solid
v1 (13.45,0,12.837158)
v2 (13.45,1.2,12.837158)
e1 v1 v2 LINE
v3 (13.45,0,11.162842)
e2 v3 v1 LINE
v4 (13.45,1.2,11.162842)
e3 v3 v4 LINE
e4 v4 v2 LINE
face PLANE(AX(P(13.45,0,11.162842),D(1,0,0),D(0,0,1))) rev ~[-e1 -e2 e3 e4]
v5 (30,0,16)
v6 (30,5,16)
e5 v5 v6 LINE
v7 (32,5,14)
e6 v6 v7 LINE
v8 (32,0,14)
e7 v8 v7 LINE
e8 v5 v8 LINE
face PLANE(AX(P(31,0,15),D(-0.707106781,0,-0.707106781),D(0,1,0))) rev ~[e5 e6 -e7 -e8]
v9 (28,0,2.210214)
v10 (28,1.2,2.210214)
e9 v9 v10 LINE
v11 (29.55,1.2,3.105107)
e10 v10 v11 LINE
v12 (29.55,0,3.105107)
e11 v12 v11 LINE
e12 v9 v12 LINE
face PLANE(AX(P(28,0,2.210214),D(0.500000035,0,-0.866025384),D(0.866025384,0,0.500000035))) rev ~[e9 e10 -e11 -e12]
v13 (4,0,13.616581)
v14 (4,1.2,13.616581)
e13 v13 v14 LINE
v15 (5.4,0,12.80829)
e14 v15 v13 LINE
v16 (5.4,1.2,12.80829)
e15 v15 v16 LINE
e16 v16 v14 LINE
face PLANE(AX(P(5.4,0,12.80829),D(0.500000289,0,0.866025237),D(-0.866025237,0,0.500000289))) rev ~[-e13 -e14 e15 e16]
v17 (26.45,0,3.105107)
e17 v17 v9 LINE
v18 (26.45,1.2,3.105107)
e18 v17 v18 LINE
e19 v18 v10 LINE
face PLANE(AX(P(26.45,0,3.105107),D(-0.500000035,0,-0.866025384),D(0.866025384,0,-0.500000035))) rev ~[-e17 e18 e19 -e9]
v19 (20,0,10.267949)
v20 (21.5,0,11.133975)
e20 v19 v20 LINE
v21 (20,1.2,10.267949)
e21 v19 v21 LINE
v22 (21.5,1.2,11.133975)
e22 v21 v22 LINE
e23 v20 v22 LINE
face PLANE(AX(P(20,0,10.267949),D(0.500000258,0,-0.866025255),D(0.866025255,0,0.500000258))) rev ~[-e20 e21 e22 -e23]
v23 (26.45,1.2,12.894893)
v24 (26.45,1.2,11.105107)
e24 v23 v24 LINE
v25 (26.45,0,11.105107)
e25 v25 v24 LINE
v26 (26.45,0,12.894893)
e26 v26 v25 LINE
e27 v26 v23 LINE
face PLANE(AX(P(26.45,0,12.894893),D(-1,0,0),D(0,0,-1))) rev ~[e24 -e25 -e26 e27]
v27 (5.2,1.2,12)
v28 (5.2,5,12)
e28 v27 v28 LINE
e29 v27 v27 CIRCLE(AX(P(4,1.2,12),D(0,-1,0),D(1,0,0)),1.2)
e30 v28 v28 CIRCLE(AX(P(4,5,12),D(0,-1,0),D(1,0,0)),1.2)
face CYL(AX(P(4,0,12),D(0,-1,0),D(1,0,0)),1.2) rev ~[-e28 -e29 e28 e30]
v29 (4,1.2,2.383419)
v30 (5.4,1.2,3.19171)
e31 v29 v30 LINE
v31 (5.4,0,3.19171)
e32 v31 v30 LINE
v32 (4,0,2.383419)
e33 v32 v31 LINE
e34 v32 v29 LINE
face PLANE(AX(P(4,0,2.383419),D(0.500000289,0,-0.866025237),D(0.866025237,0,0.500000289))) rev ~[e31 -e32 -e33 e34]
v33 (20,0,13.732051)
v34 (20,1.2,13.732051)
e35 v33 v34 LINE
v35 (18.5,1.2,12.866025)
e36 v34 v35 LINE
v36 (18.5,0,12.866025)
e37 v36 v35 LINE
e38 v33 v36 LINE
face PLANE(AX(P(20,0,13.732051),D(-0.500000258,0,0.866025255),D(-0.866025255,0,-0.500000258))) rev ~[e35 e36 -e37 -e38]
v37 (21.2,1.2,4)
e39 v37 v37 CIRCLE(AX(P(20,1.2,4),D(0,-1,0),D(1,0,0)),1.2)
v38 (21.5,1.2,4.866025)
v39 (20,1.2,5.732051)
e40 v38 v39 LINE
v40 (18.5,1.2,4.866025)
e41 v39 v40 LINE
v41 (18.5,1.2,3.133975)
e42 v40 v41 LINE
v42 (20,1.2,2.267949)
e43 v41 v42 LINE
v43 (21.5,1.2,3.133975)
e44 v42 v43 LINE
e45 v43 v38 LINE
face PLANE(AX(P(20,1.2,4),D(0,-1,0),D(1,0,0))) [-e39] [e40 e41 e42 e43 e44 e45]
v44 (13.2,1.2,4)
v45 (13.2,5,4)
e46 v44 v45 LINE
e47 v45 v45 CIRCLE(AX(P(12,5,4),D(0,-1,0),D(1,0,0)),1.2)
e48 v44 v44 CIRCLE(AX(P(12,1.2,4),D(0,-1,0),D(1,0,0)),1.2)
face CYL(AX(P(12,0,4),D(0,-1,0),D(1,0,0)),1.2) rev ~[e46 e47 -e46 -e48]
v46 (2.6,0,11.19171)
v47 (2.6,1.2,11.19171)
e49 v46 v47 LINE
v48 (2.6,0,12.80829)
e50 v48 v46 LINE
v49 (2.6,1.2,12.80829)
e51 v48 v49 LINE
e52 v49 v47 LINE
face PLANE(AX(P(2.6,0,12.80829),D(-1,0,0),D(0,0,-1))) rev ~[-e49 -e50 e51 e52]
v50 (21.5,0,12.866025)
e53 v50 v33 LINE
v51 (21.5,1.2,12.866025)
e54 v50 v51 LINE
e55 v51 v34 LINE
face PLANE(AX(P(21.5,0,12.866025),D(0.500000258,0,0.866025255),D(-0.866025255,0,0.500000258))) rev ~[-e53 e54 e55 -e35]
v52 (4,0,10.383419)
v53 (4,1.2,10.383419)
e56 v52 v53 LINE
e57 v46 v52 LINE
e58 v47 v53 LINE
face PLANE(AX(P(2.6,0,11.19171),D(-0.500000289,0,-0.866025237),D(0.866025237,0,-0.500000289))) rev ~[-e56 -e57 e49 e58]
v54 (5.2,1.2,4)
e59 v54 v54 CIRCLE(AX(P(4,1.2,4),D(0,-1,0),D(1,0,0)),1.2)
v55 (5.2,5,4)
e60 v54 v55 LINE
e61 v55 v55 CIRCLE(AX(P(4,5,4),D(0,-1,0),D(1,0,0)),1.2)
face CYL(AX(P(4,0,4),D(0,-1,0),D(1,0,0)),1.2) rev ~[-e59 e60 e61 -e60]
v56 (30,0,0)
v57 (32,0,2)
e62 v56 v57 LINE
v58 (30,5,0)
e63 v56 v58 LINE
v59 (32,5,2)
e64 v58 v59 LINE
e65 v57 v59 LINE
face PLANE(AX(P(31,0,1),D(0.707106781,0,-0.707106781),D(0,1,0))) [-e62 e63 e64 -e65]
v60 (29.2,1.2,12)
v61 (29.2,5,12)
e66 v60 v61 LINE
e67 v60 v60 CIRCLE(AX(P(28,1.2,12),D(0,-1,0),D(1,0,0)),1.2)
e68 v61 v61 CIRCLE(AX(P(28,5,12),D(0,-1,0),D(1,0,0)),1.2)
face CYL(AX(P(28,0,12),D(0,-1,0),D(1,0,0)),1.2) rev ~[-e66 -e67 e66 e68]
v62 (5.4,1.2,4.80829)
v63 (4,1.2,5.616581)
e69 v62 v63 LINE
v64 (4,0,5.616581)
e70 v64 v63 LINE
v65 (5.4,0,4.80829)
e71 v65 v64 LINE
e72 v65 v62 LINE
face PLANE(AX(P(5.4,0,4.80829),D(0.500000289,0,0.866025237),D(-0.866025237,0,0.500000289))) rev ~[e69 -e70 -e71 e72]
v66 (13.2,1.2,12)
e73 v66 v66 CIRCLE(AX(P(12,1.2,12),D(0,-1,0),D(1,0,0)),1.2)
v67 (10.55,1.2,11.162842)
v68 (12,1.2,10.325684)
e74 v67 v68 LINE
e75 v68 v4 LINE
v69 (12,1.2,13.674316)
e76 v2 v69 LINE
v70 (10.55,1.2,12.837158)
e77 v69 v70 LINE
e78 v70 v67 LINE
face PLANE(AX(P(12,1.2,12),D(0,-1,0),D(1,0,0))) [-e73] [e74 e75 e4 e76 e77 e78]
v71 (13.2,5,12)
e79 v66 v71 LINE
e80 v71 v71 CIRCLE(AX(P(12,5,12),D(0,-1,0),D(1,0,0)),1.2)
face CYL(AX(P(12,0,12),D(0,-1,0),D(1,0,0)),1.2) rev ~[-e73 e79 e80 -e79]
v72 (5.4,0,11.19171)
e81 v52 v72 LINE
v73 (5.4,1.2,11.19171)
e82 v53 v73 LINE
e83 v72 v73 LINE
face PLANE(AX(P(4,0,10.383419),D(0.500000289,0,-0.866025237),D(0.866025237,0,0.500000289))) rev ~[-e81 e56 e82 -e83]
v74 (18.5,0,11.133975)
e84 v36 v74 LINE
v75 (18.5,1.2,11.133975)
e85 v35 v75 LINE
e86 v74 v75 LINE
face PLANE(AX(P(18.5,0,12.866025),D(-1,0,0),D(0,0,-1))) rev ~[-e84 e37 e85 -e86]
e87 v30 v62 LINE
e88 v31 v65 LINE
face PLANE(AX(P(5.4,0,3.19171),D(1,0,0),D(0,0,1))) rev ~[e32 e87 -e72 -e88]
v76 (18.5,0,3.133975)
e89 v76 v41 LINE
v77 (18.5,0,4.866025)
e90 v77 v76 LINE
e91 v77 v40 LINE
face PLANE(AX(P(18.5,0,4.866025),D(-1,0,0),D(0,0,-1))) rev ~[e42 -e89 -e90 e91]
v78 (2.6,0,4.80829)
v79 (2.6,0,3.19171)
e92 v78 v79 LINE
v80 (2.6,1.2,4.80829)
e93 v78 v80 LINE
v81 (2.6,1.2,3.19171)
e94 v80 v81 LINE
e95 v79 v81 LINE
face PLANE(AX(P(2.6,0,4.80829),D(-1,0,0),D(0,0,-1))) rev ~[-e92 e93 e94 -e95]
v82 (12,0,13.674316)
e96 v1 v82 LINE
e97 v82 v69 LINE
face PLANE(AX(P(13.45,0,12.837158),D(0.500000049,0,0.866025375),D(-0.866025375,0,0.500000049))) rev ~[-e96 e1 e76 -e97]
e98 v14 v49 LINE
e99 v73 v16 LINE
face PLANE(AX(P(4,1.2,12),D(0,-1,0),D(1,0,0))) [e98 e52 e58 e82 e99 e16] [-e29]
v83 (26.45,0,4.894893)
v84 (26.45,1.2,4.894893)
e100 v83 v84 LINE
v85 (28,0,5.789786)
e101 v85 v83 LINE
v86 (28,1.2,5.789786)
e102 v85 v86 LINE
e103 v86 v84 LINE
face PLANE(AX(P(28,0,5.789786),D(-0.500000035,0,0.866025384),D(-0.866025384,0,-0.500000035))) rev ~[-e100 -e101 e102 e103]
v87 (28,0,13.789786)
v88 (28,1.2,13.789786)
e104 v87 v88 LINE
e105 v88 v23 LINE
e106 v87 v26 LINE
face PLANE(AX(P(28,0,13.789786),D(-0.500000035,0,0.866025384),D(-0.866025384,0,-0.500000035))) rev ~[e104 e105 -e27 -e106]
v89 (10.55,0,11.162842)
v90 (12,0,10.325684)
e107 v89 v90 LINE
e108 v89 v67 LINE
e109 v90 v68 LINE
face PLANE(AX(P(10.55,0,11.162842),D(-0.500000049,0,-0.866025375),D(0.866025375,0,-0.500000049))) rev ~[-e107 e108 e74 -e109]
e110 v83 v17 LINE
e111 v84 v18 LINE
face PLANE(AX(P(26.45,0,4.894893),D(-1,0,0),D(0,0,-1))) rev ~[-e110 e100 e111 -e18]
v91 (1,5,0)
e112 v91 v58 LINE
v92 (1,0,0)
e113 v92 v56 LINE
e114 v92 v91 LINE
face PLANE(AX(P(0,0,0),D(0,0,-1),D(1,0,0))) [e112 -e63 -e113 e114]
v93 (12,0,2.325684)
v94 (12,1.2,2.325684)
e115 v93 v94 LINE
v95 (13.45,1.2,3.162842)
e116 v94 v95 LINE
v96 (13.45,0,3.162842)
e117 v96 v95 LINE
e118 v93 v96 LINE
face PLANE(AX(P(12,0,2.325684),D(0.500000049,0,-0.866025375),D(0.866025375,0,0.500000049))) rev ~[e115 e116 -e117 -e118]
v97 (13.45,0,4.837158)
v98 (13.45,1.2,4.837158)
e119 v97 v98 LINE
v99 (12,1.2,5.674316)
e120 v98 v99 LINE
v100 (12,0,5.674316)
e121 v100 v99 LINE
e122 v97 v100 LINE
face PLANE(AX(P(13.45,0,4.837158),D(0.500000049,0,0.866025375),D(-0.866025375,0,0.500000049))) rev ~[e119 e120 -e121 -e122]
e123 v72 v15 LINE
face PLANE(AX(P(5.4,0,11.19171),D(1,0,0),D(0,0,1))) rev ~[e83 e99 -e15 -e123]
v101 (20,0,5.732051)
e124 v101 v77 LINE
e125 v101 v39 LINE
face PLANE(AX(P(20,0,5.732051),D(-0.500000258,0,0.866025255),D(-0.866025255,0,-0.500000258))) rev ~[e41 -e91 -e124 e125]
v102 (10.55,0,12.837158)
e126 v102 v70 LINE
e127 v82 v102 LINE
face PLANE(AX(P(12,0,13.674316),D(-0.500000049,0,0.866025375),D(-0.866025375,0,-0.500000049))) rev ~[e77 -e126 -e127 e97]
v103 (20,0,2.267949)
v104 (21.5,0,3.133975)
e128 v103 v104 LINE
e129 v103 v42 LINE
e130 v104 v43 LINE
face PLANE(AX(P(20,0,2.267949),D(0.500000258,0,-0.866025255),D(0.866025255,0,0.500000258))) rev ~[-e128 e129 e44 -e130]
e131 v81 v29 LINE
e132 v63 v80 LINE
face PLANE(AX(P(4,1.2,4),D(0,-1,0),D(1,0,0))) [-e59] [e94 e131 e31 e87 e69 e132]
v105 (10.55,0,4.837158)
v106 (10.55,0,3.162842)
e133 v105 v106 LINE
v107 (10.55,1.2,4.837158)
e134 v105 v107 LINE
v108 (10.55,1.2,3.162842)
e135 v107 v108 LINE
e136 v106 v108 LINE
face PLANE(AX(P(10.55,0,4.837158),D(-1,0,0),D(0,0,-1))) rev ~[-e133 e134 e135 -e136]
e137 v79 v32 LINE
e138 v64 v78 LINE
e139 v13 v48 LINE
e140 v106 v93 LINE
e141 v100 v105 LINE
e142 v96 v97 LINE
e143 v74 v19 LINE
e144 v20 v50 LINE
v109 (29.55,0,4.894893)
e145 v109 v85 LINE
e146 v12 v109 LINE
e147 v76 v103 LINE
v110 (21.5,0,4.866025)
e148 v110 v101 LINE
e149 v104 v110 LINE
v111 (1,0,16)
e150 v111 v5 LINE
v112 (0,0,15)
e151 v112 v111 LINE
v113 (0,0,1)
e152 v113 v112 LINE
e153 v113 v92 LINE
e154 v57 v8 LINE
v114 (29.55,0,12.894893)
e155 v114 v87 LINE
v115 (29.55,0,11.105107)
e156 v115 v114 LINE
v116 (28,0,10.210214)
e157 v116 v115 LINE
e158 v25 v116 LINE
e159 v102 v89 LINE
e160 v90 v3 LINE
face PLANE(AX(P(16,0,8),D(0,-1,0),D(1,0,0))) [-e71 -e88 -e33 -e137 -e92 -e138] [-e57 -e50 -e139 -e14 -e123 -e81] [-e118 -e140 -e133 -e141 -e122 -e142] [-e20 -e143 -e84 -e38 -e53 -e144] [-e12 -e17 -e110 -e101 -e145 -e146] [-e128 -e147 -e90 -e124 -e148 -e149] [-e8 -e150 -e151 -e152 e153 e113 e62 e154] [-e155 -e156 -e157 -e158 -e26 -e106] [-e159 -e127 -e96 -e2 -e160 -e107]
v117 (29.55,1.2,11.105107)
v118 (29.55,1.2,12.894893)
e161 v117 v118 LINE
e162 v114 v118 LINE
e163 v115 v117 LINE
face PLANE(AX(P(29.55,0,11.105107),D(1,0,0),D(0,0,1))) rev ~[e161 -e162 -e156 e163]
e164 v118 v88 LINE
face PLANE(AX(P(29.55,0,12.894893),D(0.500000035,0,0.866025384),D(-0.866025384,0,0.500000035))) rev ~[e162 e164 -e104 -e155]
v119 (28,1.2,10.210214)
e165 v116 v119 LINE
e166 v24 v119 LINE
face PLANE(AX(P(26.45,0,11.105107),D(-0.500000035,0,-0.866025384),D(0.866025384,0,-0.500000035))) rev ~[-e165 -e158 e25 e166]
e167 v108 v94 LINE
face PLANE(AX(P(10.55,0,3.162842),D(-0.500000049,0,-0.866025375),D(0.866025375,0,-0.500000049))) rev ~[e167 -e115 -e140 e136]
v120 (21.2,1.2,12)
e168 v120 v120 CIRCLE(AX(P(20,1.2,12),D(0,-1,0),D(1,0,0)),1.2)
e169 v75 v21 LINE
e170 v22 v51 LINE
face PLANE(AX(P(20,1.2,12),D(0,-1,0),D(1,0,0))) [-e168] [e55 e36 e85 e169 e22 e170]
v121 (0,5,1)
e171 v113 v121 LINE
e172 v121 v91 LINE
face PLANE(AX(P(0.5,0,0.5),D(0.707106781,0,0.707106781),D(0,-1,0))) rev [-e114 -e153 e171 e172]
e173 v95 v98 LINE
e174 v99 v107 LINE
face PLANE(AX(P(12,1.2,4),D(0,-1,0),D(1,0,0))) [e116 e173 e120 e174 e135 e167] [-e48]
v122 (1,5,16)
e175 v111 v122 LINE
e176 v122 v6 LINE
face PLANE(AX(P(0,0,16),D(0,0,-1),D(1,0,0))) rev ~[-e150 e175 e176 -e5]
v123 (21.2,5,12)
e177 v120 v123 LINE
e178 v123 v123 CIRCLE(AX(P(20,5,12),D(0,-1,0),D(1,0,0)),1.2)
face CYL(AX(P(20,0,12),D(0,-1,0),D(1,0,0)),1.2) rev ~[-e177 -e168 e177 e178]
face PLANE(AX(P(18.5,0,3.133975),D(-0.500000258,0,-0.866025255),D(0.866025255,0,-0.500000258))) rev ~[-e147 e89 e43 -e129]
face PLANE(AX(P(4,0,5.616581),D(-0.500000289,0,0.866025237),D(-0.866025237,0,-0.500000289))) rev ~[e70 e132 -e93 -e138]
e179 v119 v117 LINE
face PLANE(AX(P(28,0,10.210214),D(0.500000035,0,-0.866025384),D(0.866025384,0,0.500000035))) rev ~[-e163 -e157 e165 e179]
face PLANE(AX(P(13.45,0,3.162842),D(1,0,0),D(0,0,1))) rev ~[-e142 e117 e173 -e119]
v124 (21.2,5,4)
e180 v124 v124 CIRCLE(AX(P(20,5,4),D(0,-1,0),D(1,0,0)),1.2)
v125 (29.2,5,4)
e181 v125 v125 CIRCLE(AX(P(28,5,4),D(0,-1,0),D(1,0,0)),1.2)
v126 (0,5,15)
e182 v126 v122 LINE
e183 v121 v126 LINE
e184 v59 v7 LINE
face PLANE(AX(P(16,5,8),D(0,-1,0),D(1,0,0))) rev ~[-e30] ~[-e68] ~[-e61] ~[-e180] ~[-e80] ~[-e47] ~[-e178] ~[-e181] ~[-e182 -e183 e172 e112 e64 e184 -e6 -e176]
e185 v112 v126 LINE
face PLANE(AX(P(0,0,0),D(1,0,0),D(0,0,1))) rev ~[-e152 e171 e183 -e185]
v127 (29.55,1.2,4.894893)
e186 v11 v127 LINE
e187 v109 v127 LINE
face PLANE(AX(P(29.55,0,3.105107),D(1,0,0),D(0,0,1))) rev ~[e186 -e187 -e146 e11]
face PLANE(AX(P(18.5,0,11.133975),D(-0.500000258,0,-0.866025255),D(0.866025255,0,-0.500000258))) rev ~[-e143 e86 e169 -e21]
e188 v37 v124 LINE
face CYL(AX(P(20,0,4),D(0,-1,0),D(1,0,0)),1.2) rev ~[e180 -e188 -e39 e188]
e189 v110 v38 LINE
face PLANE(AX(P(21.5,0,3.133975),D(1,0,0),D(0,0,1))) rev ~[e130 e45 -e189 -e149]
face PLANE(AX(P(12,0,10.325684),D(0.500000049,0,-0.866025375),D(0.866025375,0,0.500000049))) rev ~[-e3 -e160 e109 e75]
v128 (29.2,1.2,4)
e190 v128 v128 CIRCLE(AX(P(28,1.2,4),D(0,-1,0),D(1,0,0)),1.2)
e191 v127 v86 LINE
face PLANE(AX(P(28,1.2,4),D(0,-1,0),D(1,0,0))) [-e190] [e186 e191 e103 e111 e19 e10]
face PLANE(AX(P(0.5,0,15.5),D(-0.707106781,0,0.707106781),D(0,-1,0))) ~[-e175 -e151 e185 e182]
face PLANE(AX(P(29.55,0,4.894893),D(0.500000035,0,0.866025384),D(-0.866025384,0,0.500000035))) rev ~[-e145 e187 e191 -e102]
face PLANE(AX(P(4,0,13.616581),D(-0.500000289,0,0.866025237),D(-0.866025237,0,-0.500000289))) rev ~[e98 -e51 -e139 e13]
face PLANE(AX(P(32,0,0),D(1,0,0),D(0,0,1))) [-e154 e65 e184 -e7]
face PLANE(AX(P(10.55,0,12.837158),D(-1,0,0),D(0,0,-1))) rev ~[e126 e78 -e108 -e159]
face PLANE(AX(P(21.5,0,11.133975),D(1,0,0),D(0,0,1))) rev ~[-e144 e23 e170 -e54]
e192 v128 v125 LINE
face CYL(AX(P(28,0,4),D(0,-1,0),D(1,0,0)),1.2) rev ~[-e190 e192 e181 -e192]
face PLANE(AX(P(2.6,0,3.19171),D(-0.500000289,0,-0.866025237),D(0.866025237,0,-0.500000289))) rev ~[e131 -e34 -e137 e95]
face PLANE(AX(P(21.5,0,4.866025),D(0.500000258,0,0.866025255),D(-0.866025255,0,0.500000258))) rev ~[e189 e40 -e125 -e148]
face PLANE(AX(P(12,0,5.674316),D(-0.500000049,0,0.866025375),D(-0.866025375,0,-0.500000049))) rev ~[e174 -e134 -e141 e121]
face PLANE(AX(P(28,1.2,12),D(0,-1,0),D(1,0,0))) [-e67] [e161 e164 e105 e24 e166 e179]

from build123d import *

# Parameters (mm, degrees)
SKETCH_W                    = 32
SKETCH_H                    = 16
PAD_DEPTH                   = 5
SKETCH001_R                 = 1.2
HOLE_DEPTH                  = 77.250567
SKETCH001_LINEARPATTERN_2_R = 1.2
HOLE_LINEARPATTERN_2_DEPTH  = 77.250567
SKETCH001_LINEARPATTERN_3_R = 1.2
HOLE_LINEARPATTERN_3_DEPTH  = 77.250567
SKETCH001_LINEARPATTERN_4_R = 1.2
HOLE_LINEARPATTERN_4_DEPTH  = 77.250567
LINEARPATTERN001_COUNT      = 2
LINEARPATTERN001_PITCH      = 8
POCKET_DEPTH                = 1.2
LINEARPATTERN002_COUNT      = 2
LINEARPATTERN002_PITCH      = 8
CHAMFER_SIZE                = 1
CHAMFER001_SIZE             = 2


with BuildPart() as part:
    # Sketch → Pad (new body)
    with BuildSketch(Plane.XZ):
        with Locations((16, 8)):
            Rectangle(SKETCH_W, SKETCH_H)
    extrude(amount=-PAD_DEPTH)

    # Sketch001 (on Face5 of Pad) → Hole (cut, through all)
    with BuildSketch(Plane.XZ):
        with Locations((4, 4)):
            Circle(SKETCH001_R)
    hole = extrude(amount=-HOLE_DEPTH, mode=Mode.SUBTRACT)

    # Sketch001 LinearPattern 2 → Hole LinearPattern 2 (cut, through all)
    with BuildSketch(Plane(origin=(8, 0, 0), x_dir=(1, 0, 0), z_dir=(0, -1, 0))):
        with Locations((4, 4)):
            Circle(SKETCH001_LINEARPATTERN_2_R)
    hole_linearpattern_2 = extrude(amount=-HOLE_LINEARPATTERN_2_DEPTH, mode=Mode.SUBTRACT)

    # Sketch001 LinearPattern 3 → Hole LinearPattern 3 (cut, through all)
    with BuildSketch(Plane(origin=(16, 0, 0), x_dir=(1, 0, 0), z_dir=(0, -1, 0))):
        with Locations((4, 4)):
            Circle(SKETCH001_LINEARPATTERN_3_R)
    hole_linearpattern_3 = extrude(amount=-HOLE_LINEARPATTERN_3_DEPTH, mode=Mode.SUBTRACT)

    # Sketch001 LinearPattern 4 → Hole LinearPattern 4 (cut, through all)
    with BuildSketch(Plane(origin=(24, 0, 0), x_dir=(1, 0, 0), z_dir=(0, -1, 0))):
        with Locations((4, 4)):
            Circle(SKETCH001_LINEARPATTERN_4_R)
    hole_linearpattern_4 = extrude(amount=-HOLE_LINEARPATTERN_4_DEPTH, mode=Mode.SUBTRACT)

    # LinearPattern001: Hole, Hole LinearPattern 2, Hole LinearPattern 3, Hole LinearPattern 4 ×2
    with Locations(*[(0, 0, i * LINEARPATTERN001_PITCH) for i in range(1, LINEARPATTERN001_COUNT)]):
        add(hole, mode=Mode.SUBTRACT)
        add(hole_linearpattern_2, mode=Mode.SUBTRACT)
        add(hole_linearpattern_3, mode=Mode.SUBTRACT)
        add(hole_linearpattern_4, mode=Mode.SUBTRACT)

    # Sketch002 (on Face4 of MultiTransform) → Pocket (cut)
    with BuildSketch(Plane.XZ):
        Polygon((4, 5.616581), (2.6, 4.80829), (2.6, 3.19171), (4, 2.383419), (5.4, 3.19171), (5.4, 4.80829), align=None)
        Polygon((12, 5.674316), (10.55, 4.837158), (10.55, 3.162842), (12, 2.325684), (13.45, 3.162842), (13.45, 4.837158), align=None)
        Polygon((20, 5.732051), (18.5, 4.866025), (18.5, 3.133975), (20, 2.267949), (21.5, 3.133975), (21.5, 4.866025), align=None)
        Polygon((28, 5.789786), (26.45, 4.894893), (26.45, 3.105107), (28, 2.210214), (29.55, 3.105107), (29.55, 4.894893), align=None)
    pocket = extrude(amount=-POCKET_DEPTH, mode=Mode.SUBTRACT)

    # LinearPattern002: Pocket ×2
    with Locations(*[(0, 0, i * LINEARPATTERN002_PITCH) for i in range(1, LINEARPATTERN002_COUNT)]):
        add(pocket, mode=Mode.SUBTRACT)

    # Chamfer
    chamfer_edges = [part.edges().sort_by_distance(p)[0] for p in [
        (0, 2.5, 16),
        (0, 2.5, 0),
    ]]
    chamfer(chamfer_edges, length=CHAMFER_SIZE)

    # Chamfer001
    chamfer001_edges = [part.edges().sort_by_distance(p)[0] for p in [
        (32, 2.5, 16),
        (32, 2.5, 0),
    ]]
    chamfer(chamfer001_edges, length=CHAMFER001_SIZE)


solid = part.part
